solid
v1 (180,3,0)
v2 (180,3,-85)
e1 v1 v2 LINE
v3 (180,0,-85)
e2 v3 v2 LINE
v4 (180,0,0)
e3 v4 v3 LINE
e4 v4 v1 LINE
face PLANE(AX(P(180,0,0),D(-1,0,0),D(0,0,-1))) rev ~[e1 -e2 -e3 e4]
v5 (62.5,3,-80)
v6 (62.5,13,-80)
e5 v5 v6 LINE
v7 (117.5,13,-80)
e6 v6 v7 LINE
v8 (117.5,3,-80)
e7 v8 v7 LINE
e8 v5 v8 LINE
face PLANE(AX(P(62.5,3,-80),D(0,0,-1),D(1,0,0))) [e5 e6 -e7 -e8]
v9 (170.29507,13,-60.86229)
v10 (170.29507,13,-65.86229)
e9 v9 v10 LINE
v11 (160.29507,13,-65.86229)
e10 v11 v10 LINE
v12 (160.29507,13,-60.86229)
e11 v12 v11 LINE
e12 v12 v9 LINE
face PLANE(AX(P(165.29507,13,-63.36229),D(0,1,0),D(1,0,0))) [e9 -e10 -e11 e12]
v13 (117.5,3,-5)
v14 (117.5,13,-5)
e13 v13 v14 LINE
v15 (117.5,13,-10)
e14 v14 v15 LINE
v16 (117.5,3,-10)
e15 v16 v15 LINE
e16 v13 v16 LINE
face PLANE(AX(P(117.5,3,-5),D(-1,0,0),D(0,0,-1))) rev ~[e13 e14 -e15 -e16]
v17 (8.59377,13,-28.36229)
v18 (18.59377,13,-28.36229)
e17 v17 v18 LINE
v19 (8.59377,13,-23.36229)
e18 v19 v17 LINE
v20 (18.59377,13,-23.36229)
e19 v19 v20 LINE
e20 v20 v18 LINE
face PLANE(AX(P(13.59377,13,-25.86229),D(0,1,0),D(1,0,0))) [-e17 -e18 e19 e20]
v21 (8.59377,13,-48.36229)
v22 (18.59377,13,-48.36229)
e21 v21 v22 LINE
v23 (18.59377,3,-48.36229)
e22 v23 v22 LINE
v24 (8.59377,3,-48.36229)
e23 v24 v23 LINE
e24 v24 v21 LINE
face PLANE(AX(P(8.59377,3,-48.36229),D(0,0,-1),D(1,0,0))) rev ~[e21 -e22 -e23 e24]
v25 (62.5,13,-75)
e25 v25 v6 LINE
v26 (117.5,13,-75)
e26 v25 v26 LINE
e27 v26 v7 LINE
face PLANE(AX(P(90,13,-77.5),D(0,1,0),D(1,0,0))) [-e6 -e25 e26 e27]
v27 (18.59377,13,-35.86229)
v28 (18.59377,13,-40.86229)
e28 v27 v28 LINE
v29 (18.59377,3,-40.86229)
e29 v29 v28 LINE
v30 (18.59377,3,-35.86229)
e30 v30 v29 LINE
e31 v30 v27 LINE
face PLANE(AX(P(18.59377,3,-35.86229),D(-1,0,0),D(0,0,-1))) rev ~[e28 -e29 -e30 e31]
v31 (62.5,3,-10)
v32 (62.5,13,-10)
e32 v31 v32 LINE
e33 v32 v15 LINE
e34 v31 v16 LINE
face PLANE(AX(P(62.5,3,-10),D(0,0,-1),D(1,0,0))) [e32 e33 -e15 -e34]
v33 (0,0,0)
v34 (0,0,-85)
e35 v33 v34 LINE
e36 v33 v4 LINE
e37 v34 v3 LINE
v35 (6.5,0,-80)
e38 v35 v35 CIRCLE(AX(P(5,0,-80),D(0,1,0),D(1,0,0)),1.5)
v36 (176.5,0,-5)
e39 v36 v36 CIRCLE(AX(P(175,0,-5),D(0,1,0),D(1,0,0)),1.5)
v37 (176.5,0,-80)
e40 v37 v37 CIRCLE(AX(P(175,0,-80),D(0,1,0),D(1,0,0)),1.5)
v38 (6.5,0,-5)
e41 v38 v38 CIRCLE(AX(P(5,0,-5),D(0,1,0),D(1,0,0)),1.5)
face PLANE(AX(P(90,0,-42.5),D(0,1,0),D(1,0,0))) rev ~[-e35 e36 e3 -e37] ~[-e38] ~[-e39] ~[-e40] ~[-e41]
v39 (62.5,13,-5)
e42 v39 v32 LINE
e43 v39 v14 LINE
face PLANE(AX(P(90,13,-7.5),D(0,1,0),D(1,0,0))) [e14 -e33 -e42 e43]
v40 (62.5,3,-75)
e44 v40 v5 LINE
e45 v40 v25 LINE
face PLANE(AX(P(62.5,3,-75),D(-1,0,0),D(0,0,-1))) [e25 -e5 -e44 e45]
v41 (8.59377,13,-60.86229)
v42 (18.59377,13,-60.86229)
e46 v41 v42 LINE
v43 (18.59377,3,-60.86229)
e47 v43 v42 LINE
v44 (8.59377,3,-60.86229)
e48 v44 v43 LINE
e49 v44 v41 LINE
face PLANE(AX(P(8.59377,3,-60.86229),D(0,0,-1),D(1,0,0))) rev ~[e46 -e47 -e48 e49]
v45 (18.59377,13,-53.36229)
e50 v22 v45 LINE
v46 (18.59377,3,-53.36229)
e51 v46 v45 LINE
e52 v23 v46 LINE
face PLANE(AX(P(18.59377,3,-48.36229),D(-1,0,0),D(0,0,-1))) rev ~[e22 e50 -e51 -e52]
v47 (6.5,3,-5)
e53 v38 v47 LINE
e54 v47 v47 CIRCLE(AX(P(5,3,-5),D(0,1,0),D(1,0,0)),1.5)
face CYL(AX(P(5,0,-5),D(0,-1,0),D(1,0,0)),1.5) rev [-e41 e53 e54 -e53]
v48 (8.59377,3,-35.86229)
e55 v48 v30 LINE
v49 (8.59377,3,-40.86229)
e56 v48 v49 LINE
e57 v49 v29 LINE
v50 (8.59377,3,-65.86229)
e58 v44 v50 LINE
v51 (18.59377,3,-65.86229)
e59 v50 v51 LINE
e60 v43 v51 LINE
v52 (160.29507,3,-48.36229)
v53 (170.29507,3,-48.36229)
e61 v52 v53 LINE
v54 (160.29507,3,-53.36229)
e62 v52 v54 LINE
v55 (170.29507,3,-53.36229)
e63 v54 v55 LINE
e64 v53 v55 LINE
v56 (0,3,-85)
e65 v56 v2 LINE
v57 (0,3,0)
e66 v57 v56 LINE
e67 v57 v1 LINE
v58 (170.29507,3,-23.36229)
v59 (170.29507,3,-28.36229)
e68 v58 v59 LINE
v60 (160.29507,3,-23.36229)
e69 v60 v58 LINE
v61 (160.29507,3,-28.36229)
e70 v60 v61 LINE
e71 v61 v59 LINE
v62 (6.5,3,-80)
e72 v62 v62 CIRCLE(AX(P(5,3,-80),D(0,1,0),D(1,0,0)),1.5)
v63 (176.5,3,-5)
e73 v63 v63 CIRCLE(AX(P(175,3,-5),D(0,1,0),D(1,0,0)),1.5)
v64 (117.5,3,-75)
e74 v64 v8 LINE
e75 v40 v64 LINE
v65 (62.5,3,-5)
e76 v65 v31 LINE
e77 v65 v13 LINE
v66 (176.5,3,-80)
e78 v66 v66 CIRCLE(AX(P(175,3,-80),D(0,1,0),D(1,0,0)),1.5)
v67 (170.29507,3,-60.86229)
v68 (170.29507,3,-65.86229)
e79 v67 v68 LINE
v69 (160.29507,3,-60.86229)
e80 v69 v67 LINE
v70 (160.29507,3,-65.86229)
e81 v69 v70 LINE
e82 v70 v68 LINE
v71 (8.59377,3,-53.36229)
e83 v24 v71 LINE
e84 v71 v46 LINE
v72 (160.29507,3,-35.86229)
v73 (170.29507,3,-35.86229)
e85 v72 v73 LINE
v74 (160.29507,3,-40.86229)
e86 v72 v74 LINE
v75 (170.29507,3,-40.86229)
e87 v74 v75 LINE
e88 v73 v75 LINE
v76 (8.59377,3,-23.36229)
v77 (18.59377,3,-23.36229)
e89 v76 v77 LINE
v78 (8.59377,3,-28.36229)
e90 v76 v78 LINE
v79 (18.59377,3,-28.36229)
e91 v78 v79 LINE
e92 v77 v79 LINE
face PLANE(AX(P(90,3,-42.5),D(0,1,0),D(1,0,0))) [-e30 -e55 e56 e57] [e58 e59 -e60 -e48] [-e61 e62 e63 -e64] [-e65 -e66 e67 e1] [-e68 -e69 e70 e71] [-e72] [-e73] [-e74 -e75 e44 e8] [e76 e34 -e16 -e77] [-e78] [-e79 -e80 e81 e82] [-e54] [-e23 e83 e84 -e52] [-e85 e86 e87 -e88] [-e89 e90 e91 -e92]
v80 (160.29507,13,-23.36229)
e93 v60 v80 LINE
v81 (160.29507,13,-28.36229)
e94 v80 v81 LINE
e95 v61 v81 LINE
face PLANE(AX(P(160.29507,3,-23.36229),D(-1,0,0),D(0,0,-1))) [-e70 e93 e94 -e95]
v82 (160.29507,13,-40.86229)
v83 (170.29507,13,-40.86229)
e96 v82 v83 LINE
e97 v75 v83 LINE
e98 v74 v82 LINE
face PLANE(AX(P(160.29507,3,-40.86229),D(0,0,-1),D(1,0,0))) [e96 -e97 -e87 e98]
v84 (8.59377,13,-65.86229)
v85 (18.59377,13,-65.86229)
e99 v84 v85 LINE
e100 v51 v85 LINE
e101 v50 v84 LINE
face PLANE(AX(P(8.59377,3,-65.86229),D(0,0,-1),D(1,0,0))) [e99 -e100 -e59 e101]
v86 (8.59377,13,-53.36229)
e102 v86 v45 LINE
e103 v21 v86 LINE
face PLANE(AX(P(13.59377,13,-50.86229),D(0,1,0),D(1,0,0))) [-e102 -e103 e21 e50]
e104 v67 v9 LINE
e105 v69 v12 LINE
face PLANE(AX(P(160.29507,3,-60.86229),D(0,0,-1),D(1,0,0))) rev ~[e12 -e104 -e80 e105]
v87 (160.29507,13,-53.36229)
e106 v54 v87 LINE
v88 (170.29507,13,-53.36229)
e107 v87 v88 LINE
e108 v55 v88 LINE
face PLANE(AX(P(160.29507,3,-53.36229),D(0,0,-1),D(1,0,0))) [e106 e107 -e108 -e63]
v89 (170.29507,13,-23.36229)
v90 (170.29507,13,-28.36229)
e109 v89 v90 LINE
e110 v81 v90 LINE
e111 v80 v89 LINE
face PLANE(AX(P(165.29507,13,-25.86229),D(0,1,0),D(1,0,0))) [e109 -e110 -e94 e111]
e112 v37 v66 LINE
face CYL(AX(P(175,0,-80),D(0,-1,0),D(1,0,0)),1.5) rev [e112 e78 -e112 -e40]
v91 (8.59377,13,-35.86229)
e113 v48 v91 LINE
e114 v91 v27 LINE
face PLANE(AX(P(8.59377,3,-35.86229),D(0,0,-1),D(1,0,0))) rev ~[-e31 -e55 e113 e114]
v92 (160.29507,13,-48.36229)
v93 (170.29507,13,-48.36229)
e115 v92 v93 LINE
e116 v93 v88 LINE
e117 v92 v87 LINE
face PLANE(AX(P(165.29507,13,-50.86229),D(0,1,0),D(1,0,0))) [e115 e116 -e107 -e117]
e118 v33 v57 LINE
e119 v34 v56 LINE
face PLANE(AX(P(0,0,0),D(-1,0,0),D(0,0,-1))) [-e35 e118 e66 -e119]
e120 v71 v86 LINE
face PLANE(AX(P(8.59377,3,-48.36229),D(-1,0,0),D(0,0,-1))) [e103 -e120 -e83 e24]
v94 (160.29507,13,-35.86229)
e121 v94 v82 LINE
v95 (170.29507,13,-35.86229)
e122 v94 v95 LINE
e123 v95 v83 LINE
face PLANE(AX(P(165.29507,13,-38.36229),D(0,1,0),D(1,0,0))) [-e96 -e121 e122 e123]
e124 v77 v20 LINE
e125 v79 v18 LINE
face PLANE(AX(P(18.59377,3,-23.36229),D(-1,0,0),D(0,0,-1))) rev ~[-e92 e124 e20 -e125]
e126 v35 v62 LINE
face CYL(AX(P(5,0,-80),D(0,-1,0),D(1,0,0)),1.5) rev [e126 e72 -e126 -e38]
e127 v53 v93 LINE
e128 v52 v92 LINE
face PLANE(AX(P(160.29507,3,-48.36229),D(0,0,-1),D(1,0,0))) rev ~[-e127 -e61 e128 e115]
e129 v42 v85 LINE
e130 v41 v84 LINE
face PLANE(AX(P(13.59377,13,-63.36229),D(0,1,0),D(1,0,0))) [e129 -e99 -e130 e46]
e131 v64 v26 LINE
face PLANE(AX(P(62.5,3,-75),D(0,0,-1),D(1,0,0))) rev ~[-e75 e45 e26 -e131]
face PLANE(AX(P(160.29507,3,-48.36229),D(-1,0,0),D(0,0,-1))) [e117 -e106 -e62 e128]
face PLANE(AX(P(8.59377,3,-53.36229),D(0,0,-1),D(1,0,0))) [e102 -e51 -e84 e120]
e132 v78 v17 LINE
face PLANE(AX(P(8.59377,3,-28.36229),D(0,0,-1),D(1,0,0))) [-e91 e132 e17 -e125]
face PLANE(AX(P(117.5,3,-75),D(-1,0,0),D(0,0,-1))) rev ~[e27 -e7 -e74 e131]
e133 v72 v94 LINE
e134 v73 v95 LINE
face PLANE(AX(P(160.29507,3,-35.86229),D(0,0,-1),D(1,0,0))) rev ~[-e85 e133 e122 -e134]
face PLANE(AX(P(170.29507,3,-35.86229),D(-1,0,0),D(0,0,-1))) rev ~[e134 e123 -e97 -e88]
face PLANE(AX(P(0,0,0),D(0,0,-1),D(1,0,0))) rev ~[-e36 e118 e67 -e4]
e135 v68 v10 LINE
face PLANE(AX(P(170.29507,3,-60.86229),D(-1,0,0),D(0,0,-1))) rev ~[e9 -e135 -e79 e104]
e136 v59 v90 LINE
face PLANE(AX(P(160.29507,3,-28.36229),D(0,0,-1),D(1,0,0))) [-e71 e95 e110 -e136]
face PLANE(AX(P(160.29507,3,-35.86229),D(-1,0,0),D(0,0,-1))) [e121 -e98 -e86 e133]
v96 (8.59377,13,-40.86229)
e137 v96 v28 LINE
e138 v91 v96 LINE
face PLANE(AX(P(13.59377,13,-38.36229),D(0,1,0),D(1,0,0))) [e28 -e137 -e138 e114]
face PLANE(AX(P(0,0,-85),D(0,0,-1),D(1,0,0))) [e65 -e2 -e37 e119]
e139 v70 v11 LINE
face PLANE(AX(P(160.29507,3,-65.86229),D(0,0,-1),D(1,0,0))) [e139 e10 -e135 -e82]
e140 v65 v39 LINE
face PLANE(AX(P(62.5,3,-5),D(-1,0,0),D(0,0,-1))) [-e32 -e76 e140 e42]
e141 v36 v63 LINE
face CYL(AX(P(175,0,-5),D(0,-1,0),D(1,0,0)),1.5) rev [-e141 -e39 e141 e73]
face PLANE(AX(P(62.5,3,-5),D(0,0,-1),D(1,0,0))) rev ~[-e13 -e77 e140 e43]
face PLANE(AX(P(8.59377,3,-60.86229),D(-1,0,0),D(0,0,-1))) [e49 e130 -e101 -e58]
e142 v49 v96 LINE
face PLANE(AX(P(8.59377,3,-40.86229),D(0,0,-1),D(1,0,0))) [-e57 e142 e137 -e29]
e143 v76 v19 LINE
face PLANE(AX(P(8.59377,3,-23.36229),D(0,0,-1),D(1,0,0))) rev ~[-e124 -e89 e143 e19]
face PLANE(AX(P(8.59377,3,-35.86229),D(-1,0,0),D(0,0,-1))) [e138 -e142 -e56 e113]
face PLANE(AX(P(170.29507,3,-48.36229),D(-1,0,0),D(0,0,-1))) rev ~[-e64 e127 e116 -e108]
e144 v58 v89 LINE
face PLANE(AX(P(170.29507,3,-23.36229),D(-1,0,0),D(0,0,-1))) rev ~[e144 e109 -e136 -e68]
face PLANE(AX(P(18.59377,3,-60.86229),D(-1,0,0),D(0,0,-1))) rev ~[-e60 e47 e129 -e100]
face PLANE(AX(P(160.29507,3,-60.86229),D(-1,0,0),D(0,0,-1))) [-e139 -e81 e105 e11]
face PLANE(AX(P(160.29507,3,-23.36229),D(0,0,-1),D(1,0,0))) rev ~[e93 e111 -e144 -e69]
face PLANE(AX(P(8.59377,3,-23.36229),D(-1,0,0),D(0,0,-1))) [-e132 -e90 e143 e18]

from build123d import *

# Parameters (mm, degrees)
ESQUISSE1_W      = 180
ESQUISSE1_H      = 85
ESQUISSE1_R      = 1.5
EXTRUSION1_DEPTH = 3
ESQUISSE2_W      = 55
ESQUISSE2_H      = 5
EXTRUSION2_DEPTH = 10
ESQUISSE4_W      = 10
ESQUISSE4_H      = 5
EXTRUSION4_DEPTH = 10


with BuildPart() as part:
    # Esquisse1 → Extrusion1 (new body)
    with BuildSketch(Plane(origin=(0, 0, 0), x_dir=(1, 0, 0), z_dir=(0, 1, 0))):
        with Locations((90, 42.5)):
            Rectangle(ESQUISSE1_W, ESQUISSE1_H)
        with Locations((5, 80)):
            Circle(ESQUISSE1_R, mode=Mode.SUBTRACT)
        with Locations((175, 80)):
            Circle(ESQUISSE1_R, mode=Mode.SUBTRACT)
        with Locations((175, 5)):
            Circle(ESQUISSE1_R, mode=Mode.SUBTRACT)
        with Locations((5, 5)):
            Circle(ESQUISSE1_R, mode=Mode.SUBTRACT)
    extrude(amount=EXTRUSION1_DEPTH)

    # Esquisse2 → Extrusion2 (add)
    with BuildSketch(Plane(origin=(0, 3, 0), x_dir=(1, 0, 0), z_dir=(0, 1, 0))):
        with Locations((90, 77.5)):
            Rectangle(ESQUISSE2_W, ESQUISSE2_H)
        with Locations((90, 7.5)):
            Rectangle(ESQUISSE2_W, ESQUISSE2_H)
    extrude(amount=EXTRUSION2_DEPTH)

    # Esquisse4 → Extrusion4 (add)
    with BuildSketch(Plane(origin=(0, 3, 0), x_dir=(1, 0, 0), z_dir=(0, 1, 0))):
        with Locations((165.295070297, 63.362289653)):
            Rectangle(ESQUISSE4_W, ESQUISSE4_H)
        with Locations((13.593769781, 63.362289653)):
            Rectangle(ESQUISSE4_W, ESQUISSE4_H)
        with Locations((13.593769781, 38.362289653)):
            Rectangle(ESQUISSE4_W, ESQUISSE4_H)
        with Locations((13.593769781, 25.862289653)):
            Rectangle(ESQUISSE4_W, ESQUISSE4_H)
        with Locations((13.593769781, 50.862289653)):
            Rectangle(ESQUISSE4_W, ESQUISSE4_H)
        with Locations((165.295070297, 38.362289653)):
            Rectangle(ESQUISSE4_W, ESQUISSE4_H)
        with Locations((165.295070297, 25.862289653)):
            Rectangle(ESQUISSE4_W, ESQUISSE4_H)
        with Locations((165.295070297, 50.862289653)):
            Rectangle(ESQUISSE4_W, ESQUISSE4_H)
    extrude(amount=EXTRUSION4_DEPTH)


solid = part.part
